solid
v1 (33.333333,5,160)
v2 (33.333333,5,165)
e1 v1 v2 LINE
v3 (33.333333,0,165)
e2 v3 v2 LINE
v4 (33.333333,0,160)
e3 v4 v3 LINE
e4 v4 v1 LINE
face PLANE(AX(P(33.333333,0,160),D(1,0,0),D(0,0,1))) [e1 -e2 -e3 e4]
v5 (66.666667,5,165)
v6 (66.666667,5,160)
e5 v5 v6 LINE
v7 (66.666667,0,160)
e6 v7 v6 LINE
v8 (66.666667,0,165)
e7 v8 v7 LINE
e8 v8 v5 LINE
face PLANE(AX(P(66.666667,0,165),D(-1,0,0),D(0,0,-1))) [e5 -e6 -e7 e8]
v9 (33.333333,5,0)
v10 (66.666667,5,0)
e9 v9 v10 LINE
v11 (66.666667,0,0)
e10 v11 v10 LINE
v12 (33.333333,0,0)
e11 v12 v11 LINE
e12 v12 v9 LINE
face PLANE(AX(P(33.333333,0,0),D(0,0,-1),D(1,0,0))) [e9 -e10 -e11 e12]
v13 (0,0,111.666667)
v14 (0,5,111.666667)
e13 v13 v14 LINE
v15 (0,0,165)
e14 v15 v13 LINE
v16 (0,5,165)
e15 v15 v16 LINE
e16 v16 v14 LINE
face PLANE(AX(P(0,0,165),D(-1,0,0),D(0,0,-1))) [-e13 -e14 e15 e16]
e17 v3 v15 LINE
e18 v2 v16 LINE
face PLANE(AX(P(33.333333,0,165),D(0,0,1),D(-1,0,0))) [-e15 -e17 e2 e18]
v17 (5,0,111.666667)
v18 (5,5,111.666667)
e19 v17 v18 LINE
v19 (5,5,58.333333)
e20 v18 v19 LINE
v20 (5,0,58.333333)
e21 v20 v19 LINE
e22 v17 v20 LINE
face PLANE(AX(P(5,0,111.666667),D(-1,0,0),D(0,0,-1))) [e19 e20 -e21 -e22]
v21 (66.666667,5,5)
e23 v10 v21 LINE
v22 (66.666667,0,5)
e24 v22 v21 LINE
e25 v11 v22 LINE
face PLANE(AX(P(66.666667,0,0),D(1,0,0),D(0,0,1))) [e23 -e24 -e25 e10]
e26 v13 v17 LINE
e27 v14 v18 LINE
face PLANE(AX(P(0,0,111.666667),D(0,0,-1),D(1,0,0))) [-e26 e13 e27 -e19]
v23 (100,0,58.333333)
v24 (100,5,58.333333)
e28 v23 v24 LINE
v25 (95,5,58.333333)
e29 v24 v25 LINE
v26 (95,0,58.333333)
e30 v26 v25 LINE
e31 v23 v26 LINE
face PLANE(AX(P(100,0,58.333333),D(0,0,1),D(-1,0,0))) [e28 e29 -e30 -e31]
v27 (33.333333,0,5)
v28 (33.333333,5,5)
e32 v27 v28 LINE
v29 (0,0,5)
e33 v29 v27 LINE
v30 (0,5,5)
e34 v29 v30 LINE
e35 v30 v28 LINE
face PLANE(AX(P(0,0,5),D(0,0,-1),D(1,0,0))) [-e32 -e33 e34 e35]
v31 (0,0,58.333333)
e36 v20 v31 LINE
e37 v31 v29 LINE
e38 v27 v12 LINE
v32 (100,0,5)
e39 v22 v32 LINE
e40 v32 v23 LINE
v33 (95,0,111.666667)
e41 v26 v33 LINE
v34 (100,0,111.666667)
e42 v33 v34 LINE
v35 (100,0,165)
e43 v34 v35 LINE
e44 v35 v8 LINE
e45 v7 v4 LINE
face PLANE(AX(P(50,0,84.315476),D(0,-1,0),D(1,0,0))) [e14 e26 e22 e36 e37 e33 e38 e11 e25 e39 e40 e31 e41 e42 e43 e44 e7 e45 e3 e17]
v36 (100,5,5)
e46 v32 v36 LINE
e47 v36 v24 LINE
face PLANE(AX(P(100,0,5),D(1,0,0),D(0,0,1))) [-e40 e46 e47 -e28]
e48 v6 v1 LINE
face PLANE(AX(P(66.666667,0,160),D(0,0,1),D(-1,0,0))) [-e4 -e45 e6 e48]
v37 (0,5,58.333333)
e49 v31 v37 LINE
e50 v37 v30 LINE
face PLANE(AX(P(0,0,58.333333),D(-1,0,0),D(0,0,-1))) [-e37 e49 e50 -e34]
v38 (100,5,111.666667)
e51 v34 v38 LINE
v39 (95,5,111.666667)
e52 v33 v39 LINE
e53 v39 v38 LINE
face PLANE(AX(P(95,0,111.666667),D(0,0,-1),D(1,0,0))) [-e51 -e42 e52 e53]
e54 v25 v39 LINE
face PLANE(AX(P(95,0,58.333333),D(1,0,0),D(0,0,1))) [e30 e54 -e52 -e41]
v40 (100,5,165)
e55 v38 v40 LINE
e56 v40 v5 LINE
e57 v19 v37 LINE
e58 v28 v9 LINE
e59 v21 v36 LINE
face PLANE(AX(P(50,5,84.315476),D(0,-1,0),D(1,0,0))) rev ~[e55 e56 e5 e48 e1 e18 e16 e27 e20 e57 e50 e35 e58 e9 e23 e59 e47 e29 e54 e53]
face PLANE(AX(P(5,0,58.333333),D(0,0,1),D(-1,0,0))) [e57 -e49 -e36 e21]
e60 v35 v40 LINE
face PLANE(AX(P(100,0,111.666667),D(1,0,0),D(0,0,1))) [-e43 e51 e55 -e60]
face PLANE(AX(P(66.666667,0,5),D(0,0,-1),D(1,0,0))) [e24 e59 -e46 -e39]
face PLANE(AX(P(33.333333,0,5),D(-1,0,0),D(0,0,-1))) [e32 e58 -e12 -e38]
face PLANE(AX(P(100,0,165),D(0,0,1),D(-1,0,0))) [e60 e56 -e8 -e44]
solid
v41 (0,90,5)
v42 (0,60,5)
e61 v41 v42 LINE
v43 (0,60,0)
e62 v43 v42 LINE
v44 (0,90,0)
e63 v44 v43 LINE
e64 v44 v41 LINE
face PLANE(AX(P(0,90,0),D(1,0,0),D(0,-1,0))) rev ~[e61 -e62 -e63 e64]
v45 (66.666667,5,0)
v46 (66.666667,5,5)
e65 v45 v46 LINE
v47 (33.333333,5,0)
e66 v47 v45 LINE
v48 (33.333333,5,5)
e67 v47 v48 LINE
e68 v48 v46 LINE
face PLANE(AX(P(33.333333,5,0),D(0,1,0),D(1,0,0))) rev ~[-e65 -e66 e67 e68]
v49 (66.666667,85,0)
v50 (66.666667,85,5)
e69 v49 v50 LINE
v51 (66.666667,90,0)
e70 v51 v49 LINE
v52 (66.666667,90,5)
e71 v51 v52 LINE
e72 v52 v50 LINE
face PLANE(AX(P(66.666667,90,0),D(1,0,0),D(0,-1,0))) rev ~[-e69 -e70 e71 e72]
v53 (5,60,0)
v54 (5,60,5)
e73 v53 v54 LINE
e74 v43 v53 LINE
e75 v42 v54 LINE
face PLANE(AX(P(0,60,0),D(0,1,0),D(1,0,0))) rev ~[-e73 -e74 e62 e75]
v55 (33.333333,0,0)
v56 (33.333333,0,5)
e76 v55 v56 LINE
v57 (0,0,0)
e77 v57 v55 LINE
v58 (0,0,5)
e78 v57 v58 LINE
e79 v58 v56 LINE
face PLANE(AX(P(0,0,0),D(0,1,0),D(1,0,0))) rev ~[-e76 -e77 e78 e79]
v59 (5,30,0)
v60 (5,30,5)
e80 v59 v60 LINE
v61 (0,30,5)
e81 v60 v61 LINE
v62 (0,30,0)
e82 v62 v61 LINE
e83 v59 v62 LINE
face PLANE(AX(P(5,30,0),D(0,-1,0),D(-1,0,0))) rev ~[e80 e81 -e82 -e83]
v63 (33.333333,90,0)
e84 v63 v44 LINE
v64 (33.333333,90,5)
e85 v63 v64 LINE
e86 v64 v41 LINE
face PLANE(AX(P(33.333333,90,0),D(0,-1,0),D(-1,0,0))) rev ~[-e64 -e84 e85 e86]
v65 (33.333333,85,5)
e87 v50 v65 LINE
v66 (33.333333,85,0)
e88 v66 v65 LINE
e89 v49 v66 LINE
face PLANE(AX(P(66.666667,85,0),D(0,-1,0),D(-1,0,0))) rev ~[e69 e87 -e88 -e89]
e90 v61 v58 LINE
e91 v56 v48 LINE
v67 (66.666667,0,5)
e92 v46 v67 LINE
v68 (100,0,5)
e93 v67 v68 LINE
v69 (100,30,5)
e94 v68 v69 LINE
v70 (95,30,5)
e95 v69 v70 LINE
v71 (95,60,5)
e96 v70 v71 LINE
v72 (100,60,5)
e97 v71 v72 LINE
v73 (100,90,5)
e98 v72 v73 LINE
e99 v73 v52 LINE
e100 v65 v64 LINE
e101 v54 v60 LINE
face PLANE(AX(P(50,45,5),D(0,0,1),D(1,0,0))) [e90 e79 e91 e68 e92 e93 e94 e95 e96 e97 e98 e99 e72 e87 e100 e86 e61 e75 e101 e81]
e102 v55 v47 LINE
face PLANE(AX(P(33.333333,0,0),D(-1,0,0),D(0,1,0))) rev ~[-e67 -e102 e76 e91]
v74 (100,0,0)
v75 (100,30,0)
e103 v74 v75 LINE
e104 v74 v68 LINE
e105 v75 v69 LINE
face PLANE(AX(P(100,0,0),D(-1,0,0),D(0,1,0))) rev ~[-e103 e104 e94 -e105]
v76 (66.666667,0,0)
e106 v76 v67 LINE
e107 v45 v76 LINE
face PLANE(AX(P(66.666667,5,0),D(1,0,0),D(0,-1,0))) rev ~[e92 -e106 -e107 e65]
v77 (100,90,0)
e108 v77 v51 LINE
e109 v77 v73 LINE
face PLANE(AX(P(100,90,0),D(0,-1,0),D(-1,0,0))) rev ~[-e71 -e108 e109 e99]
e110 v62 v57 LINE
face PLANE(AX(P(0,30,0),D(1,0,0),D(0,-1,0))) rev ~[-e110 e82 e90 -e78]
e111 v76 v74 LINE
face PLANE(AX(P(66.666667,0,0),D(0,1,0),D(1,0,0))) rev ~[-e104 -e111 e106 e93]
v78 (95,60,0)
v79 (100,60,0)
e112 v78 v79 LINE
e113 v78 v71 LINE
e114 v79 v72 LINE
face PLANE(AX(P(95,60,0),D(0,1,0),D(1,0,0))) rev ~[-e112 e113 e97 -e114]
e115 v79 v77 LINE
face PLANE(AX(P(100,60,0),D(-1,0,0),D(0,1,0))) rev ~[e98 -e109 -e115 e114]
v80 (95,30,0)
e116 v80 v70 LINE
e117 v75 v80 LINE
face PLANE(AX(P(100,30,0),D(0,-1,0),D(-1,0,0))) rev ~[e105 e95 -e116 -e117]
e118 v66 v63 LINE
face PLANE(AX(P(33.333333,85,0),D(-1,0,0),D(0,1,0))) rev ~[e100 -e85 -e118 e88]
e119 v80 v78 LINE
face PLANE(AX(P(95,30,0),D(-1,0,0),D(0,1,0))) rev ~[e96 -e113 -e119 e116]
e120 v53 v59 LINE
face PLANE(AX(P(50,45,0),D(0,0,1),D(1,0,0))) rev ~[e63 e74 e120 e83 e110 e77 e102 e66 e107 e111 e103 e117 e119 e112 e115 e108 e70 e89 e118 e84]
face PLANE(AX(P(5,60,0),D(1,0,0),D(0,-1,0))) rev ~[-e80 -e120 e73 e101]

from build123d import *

# Parameters (mm, degrees)
EXTRUDE_DEPTH    = 5
EXTRUDE001_DEPTH = 5


with BuildPart() as base:
    # Sketch → Extrude (new body)
    with BuildSketch(Plane.XY):
        Polygon((0, 30), (0, 0), (33.333333, 0), (33.333333, 5), (66.666667, 5), (66.666667, 0), (100, 0), (100, 30), (95, 30), (95, 60), (100, 60), (100, 90), (66.666667, 90), (66.666667, 85), (33.333333, 85), (33.333333, 90), (0, 90), (0, 60), (5, 60), (5, 30), align=None)
    extrude(amount=EXTRUDE_DEPTH)


with BuildPart() as frontal:
    # Sketch001 → Extrude001 (new body)
    with BuildSketch(Plane.XZ):
        Polygon((33.333333, 0), (66.666667, 0), (66.666667, 5), (100, 5), (100, 58.333333), (95, 58.333333), (95, 111.666667), (100, 111.666667), (100, 165), (66.666667, 165), (66.666667, 160), (33.333333, 160), (33.333333, 165), (0, 165), (0, 111.666667), (5, 111.666667), (5, 58.333333), (0, 58.333333), (0, 5), (33.333333, 5), align=None)
    extrude(amount=-EXTRUDE001_DEPTH)


solid = Compound([base.part, frontal.part])
